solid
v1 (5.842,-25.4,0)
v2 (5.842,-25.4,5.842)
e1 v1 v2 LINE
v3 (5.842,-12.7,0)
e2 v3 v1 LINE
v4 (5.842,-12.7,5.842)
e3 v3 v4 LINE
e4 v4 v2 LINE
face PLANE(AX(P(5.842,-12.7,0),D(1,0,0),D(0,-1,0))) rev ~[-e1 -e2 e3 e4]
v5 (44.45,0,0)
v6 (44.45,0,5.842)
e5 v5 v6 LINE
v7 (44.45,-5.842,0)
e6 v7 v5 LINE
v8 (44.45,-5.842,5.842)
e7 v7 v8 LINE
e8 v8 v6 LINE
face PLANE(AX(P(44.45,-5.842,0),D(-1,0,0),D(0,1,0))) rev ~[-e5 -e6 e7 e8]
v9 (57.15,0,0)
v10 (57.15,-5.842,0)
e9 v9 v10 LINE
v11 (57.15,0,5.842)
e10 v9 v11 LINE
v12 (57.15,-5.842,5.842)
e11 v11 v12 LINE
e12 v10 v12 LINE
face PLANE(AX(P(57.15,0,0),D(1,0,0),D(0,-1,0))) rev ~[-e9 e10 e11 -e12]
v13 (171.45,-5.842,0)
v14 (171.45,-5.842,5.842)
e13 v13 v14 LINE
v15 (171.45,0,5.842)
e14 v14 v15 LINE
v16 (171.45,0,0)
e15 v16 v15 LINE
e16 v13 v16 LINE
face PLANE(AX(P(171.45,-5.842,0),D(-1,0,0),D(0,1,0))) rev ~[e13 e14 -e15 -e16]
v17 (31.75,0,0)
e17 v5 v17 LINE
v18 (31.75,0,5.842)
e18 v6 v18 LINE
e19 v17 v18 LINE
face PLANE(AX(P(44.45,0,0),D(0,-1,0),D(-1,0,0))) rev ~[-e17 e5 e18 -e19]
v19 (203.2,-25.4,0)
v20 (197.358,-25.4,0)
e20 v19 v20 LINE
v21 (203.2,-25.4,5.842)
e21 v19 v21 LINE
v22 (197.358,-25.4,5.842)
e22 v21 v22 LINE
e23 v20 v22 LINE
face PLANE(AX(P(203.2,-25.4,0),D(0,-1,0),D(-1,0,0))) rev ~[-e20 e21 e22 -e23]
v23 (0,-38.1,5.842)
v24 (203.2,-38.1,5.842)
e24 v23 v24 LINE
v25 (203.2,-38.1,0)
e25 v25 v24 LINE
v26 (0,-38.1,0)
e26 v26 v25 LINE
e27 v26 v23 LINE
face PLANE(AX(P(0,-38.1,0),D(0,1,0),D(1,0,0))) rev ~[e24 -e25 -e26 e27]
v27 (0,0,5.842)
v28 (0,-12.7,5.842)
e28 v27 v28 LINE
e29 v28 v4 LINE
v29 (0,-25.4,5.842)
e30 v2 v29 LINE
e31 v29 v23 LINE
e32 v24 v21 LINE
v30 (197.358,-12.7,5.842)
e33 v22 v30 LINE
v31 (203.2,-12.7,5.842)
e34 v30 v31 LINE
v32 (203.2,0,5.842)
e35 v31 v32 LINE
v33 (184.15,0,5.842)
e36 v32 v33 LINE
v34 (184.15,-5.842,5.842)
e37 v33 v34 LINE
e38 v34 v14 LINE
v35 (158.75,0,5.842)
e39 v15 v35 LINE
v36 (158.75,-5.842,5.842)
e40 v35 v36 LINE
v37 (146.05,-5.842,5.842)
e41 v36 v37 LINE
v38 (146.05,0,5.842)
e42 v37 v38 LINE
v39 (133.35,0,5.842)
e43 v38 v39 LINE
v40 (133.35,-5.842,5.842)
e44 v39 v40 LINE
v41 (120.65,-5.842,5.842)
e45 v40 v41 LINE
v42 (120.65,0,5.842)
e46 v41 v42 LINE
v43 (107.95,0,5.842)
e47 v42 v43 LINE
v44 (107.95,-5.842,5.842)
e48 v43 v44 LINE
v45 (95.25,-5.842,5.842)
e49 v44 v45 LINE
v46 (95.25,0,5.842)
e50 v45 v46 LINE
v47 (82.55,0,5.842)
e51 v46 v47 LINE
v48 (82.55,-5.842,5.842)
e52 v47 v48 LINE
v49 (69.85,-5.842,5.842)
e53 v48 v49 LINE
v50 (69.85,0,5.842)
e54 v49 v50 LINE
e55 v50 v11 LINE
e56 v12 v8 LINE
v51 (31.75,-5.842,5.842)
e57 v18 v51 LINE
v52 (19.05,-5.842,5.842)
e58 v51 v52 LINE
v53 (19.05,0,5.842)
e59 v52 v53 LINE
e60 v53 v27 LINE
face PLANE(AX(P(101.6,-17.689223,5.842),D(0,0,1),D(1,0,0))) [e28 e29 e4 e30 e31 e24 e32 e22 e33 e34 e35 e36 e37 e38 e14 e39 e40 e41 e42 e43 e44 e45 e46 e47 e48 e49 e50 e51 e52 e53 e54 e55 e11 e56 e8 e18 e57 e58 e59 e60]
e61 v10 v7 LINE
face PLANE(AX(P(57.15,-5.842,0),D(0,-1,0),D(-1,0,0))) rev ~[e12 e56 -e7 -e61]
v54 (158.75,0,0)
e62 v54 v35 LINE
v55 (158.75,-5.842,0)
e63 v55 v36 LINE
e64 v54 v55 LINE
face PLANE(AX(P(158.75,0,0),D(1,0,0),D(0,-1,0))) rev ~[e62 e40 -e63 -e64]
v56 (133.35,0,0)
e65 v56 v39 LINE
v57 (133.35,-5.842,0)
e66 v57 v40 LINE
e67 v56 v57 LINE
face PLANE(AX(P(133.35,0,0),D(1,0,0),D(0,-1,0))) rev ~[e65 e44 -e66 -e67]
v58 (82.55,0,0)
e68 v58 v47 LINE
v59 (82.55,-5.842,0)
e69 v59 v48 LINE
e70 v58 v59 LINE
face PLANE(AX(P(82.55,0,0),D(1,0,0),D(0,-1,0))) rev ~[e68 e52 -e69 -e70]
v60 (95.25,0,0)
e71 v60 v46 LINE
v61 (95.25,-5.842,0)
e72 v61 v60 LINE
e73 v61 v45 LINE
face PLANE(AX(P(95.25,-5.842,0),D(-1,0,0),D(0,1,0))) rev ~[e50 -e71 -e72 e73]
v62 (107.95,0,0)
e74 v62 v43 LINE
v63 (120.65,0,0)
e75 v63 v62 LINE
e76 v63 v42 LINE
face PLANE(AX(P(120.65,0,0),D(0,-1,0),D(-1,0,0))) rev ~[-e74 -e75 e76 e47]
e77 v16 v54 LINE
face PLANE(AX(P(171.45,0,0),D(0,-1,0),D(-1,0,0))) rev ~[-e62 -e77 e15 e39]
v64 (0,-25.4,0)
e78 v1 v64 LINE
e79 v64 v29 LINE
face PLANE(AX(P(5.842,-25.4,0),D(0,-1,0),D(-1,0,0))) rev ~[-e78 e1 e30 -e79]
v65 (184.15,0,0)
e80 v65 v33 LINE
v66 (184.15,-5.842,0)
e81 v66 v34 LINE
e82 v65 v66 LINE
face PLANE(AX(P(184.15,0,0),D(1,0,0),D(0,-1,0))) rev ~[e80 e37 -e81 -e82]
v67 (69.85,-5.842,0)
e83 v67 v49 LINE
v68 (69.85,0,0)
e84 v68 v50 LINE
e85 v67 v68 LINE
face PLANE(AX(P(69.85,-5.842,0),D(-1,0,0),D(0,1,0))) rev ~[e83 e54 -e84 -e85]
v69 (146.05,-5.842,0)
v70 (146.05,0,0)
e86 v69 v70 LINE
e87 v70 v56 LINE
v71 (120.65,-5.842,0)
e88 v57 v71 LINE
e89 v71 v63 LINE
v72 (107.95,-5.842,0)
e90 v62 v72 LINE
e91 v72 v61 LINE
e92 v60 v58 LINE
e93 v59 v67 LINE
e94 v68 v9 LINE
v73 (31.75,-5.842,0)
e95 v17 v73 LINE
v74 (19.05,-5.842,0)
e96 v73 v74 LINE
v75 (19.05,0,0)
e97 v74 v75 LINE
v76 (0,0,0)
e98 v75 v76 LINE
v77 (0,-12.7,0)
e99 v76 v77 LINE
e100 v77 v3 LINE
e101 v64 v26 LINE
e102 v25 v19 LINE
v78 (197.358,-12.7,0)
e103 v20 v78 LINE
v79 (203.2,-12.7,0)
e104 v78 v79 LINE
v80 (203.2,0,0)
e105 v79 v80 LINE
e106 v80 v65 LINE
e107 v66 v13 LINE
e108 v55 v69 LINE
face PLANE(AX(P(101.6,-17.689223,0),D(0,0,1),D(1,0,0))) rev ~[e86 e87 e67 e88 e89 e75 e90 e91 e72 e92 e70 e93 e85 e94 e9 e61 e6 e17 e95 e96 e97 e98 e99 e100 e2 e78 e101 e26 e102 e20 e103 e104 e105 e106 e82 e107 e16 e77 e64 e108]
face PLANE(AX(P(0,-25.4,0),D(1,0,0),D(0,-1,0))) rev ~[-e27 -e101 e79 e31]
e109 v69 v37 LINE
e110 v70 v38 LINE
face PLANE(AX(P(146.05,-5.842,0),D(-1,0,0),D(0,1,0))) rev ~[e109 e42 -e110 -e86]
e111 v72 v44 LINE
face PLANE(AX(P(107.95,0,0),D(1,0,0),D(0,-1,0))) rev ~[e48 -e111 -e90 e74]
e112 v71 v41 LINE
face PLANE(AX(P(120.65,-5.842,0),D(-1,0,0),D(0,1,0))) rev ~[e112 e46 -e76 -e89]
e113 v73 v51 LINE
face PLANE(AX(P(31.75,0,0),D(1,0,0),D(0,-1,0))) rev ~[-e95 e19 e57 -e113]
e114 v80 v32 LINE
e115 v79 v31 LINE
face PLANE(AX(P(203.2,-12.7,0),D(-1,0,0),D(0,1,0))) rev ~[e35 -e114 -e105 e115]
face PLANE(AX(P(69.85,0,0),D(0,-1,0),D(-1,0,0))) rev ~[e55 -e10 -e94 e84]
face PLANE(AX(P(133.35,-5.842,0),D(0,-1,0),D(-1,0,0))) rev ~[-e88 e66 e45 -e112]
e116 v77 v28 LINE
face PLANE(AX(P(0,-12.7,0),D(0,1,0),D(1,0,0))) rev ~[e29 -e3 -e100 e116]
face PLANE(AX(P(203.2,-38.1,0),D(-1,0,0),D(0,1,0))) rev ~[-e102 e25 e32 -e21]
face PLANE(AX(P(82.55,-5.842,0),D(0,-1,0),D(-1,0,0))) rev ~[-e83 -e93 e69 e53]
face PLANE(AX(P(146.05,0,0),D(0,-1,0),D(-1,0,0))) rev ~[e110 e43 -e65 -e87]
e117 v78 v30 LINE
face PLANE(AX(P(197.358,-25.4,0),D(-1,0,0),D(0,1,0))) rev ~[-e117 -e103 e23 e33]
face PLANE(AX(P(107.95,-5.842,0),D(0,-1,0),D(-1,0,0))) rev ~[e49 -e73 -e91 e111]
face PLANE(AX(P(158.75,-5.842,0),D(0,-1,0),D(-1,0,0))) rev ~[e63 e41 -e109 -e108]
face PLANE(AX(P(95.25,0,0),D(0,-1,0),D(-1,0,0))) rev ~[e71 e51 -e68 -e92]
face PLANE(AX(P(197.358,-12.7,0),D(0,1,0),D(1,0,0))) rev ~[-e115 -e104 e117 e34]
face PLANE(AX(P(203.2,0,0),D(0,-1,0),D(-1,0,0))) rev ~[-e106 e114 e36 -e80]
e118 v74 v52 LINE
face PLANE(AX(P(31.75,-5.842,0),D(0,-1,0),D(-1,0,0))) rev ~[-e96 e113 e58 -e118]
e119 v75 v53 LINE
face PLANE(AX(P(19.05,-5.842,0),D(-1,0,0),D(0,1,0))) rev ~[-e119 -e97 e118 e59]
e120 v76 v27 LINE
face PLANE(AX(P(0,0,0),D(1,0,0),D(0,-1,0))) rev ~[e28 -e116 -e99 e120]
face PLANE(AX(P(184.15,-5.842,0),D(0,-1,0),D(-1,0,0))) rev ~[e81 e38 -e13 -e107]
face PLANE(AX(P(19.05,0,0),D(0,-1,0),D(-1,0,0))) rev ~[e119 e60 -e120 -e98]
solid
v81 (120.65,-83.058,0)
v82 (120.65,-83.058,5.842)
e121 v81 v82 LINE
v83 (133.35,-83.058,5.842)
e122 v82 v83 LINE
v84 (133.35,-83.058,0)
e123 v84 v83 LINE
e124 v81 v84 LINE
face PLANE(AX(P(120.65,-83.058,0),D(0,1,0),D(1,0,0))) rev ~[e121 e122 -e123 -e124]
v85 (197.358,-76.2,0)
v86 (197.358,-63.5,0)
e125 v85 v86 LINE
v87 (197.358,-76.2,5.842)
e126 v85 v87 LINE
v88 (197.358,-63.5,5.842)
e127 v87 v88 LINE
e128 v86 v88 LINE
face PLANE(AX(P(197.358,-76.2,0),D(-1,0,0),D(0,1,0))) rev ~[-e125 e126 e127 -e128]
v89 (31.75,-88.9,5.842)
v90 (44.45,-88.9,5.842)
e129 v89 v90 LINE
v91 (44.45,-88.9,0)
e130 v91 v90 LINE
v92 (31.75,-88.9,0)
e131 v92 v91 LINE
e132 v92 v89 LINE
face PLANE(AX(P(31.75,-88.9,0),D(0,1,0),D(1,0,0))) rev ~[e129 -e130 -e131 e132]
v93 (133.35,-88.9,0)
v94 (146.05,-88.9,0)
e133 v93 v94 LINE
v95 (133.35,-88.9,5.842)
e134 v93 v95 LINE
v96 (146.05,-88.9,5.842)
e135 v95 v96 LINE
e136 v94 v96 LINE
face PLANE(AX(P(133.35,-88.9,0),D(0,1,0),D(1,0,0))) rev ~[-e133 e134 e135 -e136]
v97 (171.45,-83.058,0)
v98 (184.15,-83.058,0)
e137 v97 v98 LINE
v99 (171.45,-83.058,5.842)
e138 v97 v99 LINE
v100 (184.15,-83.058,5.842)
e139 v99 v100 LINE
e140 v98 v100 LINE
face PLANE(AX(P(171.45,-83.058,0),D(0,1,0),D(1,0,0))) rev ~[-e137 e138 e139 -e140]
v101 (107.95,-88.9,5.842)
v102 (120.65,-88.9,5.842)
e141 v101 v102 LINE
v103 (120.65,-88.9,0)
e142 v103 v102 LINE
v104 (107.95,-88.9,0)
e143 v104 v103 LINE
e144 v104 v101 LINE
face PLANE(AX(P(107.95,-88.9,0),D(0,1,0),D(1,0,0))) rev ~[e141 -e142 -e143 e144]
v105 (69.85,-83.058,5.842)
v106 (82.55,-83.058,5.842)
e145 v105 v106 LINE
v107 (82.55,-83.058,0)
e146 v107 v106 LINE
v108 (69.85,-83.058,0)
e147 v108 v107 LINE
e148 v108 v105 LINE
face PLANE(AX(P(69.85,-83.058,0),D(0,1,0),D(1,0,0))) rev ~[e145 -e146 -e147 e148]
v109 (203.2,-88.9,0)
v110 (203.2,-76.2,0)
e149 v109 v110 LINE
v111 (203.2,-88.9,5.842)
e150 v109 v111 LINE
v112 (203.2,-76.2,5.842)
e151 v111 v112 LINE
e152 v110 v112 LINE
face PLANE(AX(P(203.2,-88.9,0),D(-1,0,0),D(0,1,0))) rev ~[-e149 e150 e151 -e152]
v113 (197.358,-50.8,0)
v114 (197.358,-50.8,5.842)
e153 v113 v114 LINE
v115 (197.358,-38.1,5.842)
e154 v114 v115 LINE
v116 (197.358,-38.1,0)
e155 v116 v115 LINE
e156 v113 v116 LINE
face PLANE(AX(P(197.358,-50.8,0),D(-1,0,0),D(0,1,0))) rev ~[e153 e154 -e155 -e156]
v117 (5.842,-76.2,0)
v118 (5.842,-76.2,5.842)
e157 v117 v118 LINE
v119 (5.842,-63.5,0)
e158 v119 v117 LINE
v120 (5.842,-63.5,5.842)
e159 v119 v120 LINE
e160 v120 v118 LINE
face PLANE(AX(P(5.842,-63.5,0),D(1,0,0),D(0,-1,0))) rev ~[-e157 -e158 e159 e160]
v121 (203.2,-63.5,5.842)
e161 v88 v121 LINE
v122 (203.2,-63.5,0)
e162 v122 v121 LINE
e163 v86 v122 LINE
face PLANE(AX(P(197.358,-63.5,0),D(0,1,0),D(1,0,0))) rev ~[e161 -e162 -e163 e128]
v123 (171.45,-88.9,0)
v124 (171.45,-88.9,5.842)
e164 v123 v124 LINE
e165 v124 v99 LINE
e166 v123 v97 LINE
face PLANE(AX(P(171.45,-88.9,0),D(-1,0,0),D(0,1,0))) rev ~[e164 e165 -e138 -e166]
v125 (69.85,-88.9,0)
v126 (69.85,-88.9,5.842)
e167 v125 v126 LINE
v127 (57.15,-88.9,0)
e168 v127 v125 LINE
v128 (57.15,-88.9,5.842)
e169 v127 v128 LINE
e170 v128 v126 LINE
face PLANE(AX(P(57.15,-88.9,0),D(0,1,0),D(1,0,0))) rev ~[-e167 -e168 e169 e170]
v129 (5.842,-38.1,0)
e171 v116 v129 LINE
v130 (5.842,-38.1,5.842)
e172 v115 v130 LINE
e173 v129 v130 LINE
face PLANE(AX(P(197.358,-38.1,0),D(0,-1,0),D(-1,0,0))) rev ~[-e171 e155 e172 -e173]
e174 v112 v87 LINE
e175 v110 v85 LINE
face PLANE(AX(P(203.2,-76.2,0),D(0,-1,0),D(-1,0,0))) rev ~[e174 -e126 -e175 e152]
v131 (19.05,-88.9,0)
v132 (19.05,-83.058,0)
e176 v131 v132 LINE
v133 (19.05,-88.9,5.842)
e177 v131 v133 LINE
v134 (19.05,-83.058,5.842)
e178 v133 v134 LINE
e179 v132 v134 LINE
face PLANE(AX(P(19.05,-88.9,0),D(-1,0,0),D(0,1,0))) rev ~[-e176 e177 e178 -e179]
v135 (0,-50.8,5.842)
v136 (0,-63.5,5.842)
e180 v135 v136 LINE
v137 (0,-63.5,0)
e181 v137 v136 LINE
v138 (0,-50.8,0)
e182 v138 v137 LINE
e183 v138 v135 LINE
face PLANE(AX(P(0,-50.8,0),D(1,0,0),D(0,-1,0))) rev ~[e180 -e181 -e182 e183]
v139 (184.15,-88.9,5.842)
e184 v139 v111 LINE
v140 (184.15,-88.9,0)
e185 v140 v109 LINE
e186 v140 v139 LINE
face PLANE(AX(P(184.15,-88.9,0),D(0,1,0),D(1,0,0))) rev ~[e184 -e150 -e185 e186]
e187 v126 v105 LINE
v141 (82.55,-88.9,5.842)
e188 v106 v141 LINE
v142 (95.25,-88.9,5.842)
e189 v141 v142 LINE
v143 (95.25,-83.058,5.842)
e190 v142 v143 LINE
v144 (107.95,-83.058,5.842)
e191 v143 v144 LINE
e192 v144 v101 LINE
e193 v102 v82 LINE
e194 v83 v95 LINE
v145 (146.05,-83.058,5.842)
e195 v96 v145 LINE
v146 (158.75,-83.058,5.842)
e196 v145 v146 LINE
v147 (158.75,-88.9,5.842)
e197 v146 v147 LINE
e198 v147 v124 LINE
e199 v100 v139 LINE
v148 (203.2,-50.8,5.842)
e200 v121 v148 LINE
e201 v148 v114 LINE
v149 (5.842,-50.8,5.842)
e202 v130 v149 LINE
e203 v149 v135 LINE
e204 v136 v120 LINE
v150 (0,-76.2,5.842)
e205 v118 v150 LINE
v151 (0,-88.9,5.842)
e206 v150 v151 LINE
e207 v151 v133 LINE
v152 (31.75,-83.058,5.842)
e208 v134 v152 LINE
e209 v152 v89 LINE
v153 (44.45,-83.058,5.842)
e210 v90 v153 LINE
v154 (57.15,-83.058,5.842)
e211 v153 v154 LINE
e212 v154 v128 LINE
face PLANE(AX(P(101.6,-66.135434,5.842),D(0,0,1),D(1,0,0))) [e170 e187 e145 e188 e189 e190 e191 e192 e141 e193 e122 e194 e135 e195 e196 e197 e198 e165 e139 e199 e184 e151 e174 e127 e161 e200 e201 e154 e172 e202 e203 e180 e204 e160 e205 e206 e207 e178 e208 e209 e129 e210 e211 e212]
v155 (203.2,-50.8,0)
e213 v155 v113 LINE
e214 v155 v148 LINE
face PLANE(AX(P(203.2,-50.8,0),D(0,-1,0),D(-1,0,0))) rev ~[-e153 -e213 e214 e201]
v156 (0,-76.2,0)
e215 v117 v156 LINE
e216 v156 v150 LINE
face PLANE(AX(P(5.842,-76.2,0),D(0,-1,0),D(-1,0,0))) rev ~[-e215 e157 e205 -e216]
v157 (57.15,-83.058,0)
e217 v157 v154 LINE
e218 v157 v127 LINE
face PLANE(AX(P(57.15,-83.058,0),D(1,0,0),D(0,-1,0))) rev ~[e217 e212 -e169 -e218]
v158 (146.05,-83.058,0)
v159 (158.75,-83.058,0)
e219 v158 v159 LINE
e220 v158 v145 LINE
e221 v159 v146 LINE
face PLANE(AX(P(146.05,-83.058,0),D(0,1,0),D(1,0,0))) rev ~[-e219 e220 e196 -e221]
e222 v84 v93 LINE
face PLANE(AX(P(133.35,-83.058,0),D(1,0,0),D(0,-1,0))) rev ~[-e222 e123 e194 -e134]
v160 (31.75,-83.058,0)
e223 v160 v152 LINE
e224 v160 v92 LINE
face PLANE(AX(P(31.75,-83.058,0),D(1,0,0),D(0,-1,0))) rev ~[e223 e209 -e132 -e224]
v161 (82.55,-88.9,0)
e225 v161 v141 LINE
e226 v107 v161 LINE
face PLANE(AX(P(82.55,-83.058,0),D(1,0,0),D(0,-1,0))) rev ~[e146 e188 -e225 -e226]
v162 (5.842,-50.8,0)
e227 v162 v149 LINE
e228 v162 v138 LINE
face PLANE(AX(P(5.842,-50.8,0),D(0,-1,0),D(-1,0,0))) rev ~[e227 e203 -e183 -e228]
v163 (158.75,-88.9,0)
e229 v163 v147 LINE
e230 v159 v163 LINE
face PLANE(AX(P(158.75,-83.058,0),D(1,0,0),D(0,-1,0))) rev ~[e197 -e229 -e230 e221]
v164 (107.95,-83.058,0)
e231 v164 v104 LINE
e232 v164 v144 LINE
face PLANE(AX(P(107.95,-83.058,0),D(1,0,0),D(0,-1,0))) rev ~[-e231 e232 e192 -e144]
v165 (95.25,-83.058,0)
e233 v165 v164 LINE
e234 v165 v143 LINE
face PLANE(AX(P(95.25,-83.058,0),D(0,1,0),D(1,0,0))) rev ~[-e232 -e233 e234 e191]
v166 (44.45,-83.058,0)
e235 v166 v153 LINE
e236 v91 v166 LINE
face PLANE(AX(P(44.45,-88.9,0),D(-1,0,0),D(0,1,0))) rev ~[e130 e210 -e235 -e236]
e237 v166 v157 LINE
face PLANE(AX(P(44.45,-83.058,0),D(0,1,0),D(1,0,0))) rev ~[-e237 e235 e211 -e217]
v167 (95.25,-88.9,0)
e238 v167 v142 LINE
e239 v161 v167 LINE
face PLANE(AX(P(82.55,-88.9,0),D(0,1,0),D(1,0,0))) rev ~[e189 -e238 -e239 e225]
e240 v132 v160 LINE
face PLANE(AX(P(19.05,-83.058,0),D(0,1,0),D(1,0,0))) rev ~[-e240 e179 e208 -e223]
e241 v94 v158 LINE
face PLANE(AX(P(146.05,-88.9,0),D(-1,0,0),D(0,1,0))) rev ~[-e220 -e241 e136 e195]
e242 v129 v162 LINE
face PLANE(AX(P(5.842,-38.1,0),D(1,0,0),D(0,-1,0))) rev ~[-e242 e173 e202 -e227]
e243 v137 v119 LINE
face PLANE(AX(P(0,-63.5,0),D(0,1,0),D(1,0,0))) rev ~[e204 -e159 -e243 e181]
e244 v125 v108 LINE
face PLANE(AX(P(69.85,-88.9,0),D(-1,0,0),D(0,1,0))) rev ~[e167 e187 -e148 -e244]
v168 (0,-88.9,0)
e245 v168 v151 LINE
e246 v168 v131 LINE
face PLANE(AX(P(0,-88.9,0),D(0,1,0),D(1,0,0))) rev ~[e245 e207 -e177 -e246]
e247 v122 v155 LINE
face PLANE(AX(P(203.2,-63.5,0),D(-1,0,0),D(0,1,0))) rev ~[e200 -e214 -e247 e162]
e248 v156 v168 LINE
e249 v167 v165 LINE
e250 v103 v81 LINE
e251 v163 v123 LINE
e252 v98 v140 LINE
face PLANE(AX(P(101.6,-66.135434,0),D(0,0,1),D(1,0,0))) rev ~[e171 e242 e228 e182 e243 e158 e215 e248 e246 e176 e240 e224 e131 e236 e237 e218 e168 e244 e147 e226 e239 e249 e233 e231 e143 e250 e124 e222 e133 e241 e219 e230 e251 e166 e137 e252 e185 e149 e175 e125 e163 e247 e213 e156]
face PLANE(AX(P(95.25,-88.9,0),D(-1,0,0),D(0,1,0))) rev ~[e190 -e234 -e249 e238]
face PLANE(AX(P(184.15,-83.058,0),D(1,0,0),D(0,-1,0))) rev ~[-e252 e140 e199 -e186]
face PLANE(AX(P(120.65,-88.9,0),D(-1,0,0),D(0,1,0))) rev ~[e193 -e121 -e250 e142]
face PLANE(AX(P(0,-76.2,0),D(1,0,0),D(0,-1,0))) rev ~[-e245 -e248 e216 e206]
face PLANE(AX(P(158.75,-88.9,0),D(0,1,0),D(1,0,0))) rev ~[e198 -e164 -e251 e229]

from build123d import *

# Parameters (mm, degrees)
F1_DEPTH = 5.842
F2_DEPTH = 5.842


with BuildPart() as f1:
    # F0 (on Top) → F1 (new body)
    with BuildSketch(Plane.XY):
        Polygon((19.05, 0), (0, 0), (0, -12.7), (5.842, -12.7), (5.842, -25.4), (0, -25.4), (0, -38.1), (5.842, -38.1), (197.358, -38.1), (203.2, -38.1), (203.2, -25.4), (197.358, -25.4), (197.358, -12.7), (203.2, -12.7), (203.2, 0), (184.15, 0), (184.15, -5.842), (171.45, -5.842), (171.45, 0), (158.75, 0), (158.75, -5.842), (146.05, -5.842), (146.05, 0), (133.35, 0), (133.35, -5.842), (120.65, -5.842), (120.65, 0), (107.95, 0), (107.95, -5.842), (95.25, -5.842), (95.25, 0), (82.55, 0), (82.55, -5.842), (69.85, -5.842), (69.85, 0), (57.15, 0), (57.15, -5.842), (44.45, -5.842), (44.45, 0), (31.75, 0), (31.75, -5.842), (19.05, -5.842), align=None)
    extrude(amount=F1_DEPTH)


with BuildPart() as f2:
    # F0 (on Top) → F2 (new body)
    with BuildSketch(Plane.XY):
        Polygon((197.358, -38.1), (5.842, -38.1), (5.842, -50.8), (0, -50.8), (0, -63.5), (5.842, -63.5), (5.842, -76.2), (0, -76.2), (0, -88.9), (19.05, -88.9), (19.05, -83.058), (31.75, -83.058), (31.75, -88.9), (44.45, -88.9), (44.45, -83.058), (57.15, -83.058), (57.15, -88.9), (69.85, -88.9), (69.85, -83.058), (82.55, -83.058), (82.55, -88.9), (95.25, -88.9), (95.25, -83.058), (107.95, -83.058), (107.95, -88.9), (120.65, -88.9), (120.65, -83.058), (133.35, -83.058), (133.35, -88.9), (146.05, -88.9), (146.05, -83.058), (158.75, -83.058), (158.75, -88.9), (171.45, -88.9), (171.45, -83.058), (184.15, -83.058), (184.15, -88.9), (203.2, -88.9), (203.2, -76.2), (197.358, -76.2), (197.358, -63.5), (203.2, -63.5), (203.2, -50.8), (197.358, -50.8), align=None)
    extrude(amount=F2_DEPTH)


solid = Compound([f1.part, f2.part])
